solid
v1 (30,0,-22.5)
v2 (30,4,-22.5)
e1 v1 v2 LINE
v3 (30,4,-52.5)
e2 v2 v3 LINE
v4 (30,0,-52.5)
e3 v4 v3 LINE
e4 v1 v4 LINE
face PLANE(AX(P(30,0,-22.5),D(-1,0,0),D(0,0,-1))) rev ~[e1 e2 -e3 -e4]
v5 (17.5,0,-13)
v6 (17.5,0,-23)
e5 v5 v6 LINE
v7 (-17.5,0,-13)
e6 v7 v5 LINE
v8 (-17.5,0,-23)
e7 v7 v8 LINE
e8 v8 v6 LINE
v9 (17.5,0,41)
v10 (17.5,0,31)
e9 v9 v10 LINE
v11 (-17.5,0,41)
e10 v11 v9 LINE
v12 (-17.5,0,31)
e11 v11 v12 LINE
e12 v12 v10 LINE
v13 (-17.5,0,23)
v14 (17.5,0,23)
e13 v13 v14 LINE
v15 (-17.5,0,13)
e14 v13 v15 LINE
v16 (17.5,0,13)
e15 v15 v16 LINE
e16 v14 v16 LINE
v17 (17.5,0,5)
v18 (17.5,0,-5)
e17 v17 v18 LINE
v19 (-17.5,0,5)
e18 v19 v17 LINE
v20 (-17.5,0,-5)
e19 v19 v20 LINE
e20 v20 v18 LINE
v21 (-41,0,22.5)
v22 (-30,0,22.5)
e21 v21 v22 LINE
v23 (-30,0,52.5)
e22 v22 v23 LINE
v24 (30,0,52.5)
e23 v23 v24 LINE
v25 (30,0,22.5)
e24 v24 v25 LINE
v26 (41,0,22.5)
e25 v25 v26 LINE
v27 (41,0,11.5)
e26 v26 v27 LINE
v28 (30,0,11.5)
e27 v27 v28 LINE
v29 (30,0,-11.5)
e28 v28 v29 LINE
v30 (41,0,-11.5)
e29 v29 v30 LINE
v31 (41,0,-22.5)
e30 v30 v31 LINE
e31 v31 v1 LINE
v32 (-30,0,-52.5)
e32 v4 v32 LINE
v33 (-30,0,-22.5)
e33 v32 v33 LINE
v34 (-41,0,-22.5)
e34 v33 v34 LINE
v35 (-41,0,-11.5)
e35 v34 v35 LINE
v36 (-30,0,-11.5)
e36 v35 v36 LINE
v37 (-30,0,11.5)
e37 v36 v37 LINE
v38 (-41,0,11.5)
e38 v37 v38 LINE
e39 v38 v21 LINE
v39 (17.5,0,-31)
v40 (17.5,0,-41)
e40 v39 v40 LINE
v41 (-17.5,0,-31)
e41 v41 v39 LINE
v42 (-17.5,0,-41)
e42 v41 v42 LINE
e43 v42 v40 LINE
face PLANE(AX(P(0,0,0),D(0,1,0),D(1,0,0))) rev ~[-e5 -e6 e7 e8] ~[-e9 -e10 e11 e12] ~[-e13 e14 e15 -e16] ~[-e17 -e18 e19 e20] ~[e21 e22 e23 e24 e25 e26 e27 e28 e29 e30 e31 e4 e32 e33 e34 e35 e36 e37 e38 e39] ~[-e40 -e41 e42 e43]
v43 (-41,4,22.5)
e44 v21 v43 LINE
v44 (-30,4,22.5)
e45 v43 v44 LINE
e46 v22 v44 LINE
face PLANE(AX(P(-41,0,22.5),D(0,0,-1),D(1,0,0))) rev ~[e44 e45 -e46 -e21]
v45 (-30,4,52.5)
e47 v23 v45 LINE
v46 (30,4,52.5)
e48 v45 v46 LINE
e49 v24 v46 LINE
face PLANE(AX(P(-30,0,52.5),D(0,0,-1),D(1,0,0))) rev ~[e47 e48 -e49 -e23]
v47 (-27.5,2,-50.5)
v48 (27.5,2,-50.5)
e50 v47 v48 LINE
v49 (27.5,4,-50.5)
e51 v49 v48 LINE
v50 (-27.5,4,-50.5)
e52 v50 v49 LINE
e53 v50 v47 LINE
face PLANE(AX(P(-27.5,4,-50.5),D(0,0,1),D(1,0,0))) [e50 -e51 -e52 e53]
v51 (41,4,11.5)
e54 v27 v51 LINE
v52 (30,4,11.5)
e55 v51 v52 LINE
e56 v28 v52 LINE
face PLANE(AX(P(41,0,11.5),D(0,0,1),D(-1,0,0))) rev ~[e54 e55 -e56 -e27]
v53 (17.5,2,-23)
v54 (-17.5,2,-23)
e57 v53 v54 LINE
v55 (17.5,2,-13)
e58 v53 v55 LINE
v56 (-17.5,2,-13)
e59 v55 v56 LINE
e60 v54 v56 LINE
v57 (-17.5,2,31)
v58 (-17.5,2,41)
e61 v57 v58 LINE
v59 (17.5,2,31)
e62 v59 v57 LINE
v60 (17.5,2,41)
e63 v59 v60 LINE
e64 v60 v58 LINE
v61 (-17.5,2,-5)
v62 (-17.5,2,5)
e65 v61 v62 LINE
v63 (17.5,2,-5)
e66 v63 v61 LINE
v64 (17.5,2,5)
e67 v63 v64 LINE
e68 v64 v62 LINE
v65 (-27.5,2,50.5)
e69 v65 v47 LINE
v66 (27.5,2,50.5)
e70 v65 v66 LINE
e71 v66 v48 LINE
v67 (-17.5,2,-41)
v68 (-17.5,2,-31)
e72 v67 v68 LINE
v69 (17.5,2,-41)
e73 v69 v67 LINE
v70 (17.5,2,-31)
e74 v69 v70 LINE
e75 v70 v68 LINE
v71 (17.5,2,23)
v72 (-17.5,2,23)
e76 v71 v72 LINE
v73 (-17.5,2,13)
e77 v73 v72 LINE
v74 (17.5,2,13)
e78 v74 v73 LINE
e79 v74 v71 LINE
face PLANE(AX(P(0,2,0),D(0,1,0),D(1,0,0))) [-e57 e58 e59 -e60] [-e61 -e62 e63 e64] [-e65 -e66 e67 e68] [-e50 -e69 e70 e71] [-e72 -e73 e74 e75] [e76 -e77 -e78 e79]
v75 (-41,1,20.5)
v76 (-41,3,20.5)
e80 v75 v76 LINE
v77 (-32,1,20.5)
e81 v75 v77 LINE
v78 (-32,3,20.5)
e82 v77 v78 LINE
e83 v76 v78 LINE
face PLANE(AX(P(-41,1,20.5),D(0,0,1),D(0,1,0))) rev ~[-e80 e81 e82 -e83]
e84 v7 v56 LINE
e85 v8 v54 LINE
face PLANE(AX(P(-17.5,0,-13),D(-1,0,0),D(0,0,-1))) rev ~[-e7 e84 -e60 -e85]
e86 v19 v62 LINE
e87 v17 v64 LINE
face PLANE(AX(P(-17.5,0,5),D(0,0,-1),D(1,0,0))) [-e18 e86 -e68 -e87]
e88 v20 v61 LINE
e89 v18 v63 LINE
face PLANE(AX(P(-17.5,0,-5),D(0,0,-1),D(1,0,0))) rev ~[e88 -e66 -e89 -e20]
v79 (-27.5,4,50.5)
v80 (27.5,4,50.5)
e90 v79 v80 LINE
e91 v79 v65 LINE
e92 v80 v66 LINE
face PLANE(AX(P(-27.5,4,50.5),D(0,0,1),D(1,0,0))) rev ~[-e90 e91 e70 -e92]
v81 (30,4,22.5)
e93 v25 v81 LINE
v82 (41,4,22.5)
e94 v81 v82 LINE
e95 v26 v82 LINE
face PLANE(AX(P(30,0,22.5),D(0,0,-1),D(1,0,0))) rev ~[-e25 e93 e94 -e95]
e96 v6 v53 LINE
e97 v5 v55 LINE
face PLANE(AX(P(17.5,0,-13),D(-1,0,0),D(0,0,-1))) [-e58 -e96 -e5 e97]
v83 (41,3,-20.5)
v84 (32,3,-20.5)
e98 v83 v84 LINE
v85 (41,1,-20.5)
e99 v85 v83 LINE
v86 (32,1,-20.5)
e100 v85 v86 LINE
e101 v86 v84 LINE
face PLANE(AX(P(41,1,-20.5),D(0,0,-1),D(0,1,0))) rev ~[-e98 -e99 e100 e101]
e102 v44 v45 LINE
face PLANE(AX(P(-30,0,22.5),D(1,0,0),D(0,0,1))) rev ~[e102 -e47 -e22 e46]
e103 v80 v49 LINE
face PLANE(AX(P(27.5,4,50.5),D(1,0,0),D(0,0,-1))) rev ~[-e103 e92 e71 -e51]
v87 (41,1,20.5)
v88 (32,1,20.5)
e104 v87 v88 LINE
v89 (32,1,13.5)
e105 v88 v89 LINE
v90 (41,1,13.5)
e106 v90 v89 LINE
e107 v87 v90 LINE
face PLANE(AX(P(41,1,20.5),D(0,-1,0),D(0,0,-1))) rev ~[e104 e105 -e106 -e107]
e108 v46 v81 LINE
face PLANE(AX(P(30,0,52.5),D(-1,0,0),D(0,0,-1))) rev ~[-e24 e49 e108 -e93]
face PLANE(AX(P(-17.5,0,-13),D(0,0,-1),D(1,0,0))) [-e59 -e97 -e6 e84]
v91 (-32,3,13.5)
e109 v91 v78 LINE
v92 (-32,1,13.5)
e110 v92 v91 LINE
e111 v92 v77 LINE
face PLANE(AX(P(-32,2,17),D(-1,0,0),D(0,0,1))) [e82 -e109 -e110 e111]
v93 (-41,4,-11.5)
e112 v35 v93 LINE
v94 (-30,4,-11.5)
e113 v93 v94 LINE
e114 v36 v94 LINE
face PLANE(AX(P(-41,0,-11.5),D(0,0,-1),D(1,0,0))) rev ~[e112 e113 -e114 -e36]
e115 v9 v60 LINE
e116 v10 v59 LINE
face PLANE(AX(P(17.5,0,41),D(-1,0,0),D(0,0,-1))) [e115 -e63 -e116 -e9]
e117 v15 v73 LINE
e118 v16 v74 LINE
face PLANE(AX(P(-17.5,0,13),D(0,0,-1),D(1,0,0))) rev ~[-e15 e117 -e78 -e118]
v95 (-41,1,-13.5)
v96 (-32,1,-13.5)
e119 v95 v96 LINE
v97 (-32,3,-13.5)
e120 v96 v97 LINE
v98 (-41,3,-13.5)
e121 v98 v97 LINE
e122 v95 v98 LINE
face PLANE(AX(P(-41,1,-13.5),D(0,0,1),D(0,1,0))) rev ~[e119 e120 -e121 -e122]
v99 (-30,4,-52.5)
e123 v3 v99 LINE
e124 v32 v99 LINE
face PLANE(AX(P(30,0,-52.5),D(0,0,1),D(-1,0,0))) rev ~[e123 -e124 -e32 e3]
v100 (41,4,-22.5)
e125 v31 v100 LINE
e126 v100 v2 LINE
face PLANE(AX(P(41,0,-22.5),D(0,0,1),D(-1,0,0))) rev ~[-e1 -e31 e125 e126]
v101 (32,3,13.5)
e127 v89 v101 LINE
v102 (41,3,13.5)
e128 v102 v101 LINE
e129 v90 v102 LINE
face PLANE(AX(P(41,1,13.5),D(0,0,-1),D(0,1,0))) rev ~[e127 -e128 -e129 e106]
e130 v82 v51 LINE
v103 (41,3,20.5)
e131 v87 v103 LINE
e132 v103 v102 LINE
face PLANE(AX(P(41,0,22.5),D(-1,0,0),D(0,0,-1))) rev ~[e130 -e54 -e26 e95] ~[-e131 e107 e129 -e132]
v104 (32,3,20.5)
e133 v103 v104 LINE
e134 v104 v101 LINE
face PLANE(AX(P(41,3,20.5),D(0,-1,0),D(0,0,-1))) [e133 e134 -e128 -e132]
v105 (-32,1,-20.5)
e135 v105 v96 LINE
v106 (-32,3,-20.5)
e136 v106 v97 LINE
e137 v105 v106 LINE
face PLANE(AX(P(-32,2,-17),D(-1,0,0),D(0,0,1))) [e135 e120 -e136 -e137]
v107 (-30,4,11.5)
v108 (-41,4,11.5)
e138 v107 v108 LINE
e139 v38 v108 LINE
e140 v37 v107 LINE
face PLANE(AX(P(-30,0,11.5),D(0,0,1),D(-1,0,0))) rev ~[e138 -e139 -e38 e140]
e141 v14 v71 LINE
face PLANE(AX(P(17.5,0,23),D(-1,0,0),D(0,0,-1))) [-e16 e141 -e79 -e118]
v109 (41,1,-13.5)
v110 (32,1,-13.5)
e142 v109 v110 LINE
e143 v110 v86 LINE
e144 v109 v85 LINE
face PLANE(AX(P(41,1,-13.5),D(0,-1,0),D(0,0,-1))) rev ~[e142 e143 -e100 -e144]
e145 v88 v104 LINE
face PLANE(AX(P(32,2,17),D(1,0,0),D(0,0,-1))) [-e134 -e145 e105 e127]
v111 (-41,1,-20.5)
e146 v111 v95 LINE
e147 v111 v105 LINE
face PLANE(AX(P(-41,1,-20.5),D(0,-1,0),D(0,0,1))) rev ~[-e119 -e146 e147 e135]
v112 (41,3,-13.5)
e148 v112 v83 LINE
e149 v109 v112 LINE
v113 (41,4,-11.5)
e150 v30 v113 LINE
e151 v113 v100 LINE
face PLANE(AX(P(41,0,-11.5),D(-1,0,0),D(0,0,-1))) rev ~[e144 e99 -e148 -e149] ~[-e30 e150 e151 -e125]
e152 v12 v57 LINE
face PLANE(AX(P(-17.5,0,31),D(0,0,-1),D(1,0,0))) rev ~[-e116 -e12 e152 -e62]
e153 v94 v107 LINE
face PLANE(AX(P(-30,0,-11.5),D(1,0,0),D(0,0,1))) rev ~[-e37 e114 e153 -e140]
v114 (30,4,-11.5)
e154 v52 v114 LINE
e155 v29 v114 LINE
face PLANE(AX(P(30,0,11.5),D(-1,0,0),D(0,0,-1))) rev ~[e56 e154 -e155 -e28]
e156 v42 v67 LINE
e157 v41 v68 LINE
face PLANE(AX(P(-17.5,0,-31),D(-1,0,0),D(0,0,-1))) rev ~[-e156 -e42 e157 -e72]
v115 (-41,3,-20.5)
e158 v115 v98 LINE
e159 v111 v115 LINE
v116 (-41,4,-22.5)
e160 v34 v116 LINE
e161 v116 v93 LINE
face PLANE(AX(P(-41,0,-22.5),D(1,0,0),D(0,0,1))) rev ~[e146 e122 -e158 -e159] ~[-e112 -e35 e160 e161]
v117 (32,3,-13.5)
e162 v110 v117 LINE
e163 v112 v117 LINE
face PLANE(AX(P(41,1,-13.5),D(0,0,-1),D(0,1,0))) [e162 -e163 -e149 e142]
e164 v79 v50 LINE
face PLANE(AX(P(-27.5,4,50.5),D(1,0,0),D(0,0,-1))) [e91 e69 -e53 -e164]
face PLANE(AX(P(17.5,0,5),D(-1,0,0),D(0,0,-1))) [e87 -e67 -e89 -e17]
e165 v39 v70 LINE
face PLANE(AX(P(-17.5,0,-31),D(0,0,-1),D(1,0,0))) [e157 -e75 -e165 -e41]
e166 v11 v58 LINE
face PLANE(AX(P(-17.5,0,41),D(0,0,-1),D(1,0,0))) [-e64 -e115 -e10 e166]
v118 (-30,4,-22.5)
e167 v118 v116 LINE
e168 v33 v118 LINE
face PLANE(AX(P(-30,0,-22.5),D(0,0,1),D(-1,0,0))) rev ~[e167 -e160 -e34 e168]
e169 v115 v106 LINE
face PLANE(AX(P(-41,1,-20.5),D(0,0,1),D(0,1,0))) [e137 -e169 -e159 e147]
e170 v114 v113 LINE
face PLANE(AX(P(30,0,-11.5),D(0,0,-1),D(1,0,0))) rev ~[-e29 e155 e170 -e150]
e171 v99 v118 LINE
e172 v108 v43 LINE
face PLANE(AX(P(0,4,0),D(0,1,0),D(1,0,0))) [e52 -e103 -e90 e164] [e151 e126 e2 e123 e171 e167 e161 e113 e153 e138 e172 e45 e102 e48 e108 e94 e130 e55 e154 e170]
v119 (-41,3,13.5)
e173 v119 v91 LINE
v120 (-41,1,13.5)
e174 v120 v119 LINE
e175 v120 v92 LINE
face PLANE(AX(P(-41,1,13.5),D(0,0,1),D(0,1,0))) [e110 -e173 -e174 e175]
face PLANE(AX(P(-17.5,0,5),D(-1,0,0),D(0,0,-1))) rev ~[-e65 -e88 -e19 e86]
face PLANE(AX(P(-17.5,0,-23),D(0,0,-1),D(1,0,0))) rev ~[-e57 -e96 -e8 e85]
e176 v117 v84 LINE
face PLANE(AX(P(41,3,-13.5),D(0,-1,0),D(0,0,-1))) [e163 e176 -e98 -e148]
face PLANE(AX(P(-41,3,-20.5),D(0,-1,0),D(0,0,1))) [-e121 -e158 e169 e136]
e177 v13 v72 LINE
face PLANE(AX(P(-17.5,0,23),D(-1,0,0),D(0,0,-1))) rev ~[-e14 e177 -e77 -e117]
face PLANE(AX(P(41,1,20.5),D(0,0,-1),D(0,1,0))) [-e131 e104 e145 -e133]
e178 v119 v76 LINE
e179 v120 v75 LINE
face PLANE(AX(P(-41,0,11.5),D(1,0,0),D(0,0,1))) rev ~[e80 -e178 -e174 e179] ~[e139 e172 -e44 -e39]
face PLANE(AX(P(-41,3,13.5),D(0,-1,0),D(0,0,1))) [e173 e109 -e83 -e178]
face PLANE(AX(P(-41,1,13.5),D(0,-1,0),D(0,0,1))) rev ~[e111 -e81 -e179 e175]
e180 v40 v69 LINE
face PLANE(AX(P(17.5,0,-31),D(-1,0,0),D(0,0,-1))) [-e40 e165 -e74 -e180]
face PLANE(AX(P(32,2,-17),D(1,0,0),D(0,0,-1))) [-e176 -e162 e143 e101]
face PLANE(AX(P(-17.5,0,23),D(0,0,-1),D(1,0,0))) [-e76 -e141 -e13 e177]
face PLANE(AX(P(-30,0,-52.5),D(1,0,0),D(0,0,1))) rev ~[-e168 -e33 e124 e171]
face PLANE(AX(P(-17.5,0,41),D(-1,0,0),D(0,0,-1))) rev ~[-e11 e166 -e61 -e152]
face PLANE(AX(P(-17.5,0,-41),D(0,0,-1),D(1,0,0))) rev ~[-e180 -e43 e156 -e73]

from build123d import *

# Parameters (mm, degrees)
SALIENTE_EXTRUIR1_DEPTH = 4
CROQUIS2_W              = 55
CROQUIS2_H              = 101
CORTAR_EXTRUIR1_DEPTH   = 2
CROQUIS4_W              = 7
CROQUIS4_H              = 2
CORTAR_EXTRUIR2_DEPTH   = 9
CROQUIS6_W              = 7
CROQUIS6_H              = 2
CORTAR_EXTRUIR3_DEPTH   = 9
CROQUIS7_W              = 7
CROQUIS7_H              = 2
CORTAR_EXTRUIR4_DEPTH   = 9
CROQUIS8_W              = 7
CROQUIS8_H              = 2
CORTAR_EXTRUIR5_DEPTH   = 9
CROQUIS10_W             = 35
CROQUIS10_H             = 10
CORTAR_EXTRUIR6_DEPTH   = 5


with BuildPart() as part:
    # Croquis1 → Saliente-Extruir1 (new body)
    with BuildSketch(Plane(origin=(0, 0, 0), x_dir=(1, 0, 0), z_dir=(0, 1, 0))):
        Polygon((30, -52.5), (30, -22.5), (41, -22.5), (41, -11.5), (30, -11.5), (30, 11.5), (41, 11.5), (41, 22.5), (30, 22.5), (30, 52.5), (-30, 52.5), (-30, 22.5), (-41, 22.5), (-41, 11.5), (-30, 11.5), (-30, -11.5), (-41, -11.5), (-41, -22.5), (-30, -22.5), (-30, -52.5), align=None)
    extrude(amount=SALIENTE_EXTRUIR1_DEPTH)

    # Croquis2 → Cortar-Extruir1 (cut)
    with BuildSketch(Plane(origin=(0, 4, 0), x_dir=(1, 0, 0), z_dir=(0, 1, 0))):
        Rectangle(CROQUIS2_W, CROQUIS2_H)
    extrude(amount=-CORTAR_EXTRUIR1_DEPTH, mode=Mode.SUBTRACT)

    # Croquis4 → Cortar-Extruir2 (cut)
    with BuildSketch(Plane.ZY.offset(41)):
        with Locations((-17, 2)):
            Rectangle(CROQUIS4_W, CROQUIS4_H)
    extrude(amount=-CORTAR_EXTRUIR2_DEPTH, mode=Mode.SUBTRACT)

    # Croquis6 → Cortar-Extruir3 (cut)
    with BuildSketch(Plane.ZY.offset(41)):
        with Locations((17, 2)):
            Rectangle(CROQUIS6_W, CROQUIS6_H)
    extrude(amount=-CORTAR_EXTRUIR3_DEPTH, mode=Mode.SUBTRACT)

    # Croquis7 → Cortar-Extruir4 (cut)
    with BuildSketch(Plane(origin=(41, 0, 0), x_dir=(0, 0, -1), z_dir=(1, 0, 0))):
        with Locations((-17, 2)):
            Rectangle(CROQUIS7_W, CROQUIS7_H)
    extrude(amount=-CORTAR_EXTRUIR4_DEPTH, mode=Mode.SUBTRACT)

    # Croquis8 → Cortar-Extruir5 (cut)
    with BuildSketch(Plane(origin=(41, 0, 0), x_dir=(0, 0, -1), z_dir=(1, 0, 0))):
        with Locations((17, 2)):
            Rectangle(CROQUIS8_W, CROQUIS8_H)
    extrude(amount=-CORTAR_EXTRUIR5_DEPTH, mode=Mode.SUBTRACT)

    # Croquis10 → Cortar-Extruir6 (cut, through all)
    with BuildSketch(Plane(origin=(0, 0, 0), x_dir=(1, 0, 0), z_dir=(0, 1, 0))):
        with Locations((0, 36)):
            Rectangle(CROQUIS10_W, CROQUIS10_H)
        with Locations((0, 18)):
            Rectangle(CROQUIS10_W, CROQUIS10_H)
        Rectangle(CROQUIS10_W, CROQUIS10_H)
        with Locations((0, -18)):
            Rectangle(CROQUIS10_W, CROQUIS10_H)
        with Locations((0, -36)):
            Rectangle(CROQUIS10_W, CROQUIS10_H)
    extrude(amount=CORTAR_EXTRUIR6_DEPTH, mode=Mode.SUBTRACT)


solid = part.part
